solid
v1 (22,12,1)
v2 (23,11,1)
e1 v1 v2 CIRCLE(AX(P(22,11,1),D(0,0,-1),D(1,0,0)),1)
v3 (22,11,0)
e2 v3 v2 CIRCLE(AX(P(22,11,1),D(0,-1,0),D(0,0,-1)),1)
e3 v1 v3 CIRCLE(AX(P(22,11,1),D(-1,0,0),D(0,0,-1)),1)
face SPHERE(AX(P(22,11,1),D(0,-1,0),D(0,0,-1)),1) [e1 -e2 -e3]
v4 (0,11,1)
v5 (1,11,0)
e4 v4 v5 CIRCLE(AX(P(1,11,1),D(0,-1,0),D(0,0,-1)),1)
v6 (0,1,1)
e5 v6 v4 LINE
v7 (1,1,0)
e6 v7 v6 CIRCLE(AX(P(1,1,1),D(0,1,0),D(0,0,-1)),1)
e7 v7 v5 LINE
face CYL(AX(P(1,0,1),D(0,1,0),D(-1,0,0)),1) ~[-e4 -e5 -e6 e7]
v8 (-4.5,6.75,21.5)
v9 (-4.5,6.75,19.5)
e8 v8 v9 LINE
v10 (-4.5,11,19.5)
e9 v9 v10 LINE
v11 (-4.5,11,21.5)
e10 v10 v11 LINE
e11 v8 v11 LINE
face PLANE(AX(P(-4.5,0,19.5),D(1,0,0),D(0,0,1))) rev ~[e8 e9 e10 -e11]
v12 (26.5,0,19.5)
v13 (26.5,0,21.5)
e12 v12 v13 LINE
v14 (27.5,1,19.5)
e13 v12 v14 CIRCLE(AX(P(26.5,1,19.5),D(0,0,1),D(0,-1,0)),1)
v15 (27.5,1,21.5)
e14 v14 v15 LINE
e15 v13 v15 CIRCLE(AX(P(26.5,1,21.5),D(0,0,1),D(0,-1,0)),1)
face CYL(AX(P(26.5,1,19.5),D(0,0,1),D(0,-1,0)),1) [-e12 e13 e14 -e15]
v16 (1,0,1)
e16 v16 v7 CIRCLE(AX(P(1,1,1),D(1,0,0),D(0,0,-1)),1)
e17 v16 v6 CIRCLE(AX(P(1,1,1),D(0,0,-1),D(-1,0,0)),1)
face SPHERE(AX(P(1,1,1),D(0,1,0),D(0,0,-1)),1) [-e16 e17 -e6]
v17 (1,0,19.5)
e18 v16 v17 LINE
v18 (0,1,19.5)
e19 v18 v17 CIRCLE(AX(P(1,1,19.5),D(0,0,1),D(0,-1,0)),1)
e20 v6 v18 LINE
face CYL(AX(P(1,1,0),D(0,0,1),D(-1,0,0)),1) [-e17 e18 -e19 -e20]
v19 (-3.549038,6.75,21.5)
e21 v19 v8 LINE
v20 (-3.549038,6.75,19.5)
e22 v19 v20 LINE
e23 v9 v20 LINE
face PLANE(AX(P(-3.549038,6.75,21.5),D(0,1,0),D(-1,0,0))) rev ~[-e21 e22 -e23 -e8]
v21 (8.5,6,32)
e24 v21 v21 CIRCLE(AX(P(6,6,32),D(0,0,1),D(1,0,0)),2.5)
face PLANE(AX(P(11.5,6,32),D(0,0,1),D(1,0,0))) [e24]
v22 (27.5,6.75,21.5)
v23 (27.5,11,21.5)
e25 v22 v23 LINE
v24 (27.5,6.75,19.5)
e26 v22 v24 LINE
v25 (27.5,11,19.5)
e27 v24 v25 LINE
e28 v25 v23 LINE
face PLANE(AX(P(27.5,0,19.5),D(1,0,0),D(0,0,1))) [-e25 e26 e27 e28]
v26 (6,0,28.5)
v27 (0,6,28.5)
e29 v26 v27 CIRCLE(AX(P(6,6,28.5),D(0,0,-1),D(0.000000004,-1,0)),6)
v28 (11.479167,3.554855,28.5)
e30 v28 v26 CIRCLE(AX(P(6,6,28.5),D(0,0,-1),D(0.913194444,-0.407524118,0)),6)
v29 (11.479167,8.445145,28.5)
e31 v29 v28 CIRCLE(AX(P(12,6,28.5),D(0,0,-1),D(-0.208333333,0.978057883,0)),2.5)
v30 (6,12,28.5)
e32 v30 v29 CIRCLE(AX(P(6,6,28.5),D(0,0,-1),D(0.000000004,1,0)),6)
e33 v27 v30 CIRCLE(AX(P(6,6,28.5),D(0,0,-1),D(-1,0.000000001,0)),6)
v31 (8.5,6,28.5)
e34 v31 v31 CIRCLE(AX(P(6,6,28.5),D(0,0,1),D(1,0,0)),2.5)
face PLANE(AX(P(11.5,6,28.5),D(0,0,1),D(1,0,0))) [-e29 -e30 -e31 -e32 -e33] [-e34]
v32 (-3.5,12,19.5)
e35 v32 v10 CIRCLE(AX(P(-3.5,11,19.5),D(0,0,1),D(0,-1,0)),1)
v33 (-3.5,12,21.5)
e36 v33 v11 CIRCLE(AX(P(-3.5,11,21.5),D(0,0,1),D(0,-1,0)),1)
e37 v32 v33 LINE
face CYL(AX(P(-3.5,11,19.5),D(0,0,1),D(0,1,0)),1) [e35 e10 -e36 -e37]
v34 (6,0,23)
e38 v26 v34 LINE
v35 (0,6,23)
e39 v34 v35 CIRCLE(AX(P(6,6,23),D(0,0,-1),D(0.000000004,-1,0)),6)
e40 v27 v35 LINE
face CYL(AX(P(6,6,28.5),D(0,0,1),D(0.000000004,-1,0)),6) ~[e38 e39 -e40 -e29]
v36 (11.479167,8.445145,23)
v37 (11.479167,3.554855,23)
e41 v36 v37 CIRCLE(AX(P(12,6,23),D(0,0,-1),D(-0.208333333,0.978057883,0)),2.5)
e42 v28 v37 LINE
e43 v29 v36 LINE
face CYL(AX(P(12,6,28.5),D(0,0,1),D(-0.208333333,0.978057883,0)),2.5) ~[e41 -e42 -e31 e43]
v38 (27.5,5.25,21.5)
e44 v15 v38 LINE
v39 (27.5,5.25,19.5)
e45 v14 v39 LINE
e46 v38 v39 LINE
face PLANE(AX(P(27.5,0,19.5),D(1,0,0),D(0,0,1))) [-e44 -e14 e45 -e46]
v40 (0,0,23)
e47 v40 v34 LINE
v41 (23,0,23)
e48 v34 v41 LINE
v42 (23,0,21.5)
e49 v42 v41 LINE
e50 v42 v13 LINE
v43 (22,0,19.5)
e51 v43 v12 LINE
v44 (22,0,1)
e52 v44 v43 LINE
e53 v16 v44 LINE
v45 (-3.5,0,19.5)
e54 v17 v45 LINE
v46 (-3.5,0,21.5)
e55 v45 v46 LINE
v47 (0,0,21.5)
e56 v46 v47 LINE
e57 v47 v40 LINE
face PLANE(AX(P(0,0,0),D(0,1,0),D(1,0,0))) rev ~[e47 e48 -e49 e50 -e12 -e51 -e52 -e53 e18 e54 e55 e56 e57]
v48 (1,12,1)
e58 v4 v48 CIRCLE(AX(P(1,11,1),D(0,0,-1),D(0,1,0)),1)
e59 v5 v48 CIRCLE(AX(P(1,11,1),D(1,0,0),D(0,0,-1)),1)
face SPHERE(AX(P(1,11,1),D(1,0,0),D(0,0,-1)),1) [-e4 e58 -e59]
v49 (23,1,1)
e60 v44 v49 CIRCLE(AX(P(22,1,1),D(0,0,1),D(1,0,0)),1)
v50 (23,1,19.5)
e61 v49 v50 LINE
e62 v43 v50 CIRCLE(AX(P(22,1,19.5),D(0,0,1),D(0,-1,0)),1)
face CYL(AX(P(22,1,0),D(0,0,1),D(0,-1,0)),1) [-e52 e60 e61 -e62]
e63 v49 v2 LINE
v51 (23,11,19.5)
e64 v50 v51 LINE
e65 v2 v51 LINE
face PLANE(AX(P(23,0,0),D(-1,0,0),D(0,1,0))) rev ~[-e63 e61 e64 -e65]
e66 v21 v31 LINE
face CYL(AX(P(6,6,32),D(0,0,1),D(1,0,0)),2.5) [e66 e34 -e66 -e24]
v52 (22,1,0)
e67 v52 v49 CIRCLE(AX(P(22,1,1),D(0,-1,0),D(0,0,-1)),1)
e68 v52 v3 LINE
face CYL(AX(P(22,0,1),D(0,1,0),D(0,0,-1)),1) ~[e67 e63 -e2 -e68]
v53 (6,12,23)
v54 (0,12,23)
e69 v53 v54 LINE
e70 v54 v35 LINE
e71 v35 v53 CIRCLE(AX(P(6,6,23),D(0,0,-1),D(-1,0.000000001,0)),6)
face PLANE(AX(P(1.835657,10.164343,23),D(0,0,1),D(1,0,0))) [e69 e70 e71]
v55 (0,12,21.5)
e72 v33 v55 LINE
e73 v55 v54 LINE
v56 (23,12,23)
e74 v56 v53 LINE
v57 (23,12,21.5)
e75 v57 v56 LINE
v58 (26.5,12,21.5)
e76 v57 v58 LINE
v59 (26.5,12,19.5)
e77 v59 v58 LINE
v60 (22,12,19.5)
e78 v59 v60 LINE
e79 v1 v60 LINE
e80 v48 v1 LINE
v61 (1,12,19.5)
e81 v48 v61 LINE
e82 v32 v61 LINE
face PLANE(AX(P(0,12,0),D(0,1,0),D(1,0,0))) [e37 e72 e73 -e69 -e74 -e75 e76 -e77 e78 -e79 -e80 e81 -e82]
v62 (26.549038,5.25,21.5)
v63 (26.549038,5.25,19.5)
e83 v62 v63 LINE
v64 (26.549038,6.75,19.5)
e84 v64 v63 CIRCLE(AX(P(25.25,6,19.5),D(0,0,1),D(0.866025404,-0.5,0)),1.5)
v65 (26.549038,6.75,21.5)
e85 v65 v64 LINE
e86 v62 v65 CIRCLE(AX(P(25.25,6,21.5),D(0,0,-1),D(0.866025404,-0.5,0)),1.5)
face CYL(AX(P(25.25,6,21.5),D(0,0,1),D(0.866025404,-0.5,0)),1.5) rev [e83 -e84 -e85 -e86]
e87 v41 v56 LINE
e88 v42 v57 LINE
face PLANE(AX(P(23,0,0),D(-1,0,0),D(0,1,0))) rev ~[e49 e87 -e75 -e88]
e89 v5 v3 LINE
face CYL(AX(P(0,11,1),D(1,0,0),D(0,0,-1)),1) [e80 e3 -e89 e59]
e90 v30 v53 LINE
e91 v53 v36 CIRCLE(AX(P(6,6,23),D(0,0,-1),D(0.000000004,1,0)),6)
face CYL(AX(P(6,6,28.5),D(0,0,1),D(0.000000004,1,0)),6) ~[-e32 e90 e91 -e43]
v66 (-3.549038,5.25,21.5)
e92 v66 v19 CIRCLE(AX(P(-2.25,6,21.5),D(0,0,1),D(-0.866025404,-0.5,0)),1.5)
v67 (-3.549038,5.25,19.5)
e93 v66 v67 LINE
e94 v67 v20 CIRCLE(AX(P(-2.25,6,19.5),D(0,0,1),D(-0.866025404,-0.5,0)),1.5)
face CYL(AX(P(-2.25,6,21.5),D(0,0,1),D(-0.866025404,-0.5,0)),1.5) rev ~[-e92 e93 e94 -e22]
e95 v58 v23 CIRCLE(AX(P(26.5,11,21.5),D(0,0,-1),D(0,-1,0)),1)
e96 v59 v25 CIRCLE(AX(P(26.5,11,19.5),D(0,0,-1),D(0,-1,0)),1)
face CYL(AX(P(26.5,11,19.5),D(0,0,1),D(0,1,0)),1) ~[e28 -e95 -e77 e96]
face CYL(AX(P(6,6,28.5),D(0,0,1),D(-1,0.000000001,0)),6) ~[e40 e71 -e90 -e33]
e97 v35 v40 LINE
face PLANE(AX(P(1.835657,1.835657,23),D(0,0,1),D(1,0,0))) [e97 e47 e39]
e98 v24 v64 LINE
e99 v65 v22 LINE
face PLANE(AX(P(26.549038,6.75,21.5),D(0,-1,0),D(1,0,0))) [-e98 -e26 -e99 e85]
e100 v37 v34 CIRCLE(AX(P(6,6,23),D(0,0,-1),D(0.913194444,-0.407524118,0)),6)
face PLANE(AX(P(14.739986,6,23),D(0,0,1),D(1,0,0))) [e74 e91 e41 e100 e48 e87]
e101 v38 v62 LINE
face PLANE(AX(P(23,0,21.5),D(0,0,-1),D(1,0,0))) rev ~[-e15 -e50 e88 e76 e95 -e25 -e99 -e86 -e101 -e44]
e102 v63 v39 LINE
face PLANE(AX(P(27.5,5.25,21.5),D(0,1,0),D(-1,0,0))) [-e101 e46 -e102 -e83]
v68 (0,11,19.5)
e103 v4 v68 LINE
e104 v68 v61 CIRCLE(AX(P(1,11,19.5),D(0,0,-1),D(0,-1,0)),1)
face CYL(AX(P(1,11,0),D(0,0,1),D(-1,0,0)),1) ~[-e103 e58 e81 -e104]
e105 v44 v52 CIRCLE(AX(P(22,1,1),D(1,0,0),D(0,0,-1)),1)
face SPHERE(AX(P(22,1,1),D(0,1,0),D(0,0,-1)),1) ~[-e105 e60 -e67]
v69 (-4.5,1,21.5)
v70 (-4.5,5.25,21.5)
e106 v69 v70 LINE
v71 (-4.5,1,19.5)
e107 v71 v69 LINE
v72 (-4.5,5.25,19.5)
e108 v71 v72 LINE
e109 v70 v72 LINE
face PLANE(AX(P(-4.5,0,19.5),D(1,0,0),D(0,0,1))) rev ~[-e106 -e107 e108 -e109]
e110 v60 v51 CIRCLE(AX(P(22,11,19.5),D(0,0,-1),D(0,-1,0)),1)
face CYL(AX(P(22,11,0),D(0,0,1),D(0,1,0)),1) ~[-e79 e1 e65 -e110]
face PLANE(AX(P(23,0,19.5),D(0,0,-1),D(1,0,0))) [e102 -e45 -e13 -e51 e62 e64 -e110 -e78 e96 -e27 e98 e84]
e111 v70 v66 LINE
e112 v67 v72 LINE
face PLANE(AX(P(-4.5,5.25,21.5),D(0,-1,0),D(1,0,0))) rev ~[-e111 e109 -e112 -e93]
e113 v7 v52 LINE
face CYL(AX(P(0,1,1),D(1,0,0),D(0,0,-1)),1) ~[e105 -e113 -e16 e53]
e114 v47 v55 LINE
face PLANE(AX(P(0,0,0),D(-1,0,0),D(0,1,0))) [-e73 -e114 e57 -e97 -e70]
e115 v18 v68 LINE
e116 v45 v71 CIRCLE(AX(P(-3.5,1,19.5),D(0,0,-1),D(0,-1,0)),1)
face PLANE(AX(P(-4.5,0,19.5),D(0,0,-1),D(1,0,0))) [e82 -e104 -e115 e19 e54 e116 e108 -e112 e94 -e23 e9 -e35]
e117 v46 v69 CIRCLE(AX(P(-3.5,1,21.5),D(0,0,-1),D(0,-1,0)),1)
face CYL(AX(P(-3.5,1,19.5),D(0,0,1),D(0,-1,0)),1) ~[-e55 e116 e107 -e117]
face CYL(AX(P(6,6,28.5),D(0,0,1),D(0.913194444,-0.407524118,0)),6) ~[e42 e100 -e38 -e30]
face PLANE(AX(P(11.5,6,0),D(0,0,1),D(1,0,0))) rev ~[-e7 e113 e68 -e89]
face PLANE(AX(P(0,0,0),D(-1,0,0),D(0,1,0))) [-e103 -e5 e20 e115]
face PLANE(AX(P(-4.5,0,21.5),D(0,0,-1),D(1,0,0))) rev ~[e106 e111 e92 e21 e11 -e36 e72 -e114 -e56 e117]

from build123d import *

# Parameters (mm, degrees)
SKETCH1_W           = 23
SKETCH1_H           = 12
BOSS_EXTRUDE1_DEPTH = 32
SKETCH2_W           = 4.5
SKETCH2_H           = 2
BOSS_EXTRUDE2_DEPTH = 12
CUT_EXTRUDE1_DEPTH  = 37.912057651
SKETCH4_W           = 23
SKETCH4_H           = 12
SKETCH4_R           = 2.5
CUT_EXTRUDE2_DEPTH  = 3.5
CUT_EXTRUDE3_DEPTH  = 5.5
FILLET1_R           = 1


with BuildPart() as part:
    # Sketch1 → Boss-Extrude1 (new body)
    with BuildSketch(Plane.XY):
        with Locations((11.5, 6)):
            Rectangle(SKETCH1_W, SKETCH1_H)
    extrude(amount=BOSS_EXTRUDE1_DEPTH)

    # Sketch2 → Boss-Extrude2 (add)
    with BuildSketch(Plane.XZ):
        with Locations((-2.25, 20.5)):
            Rectangle(SKETCH2_W, SKETCH2_H)
        with Locations((25.25, 20.5)):
            Rectangle(SKETCH2_W, SKETCH2_H)
    extrude(amount=-BOSS_EXTRUDE2_DEPTH)

    # Sketch3 → Cut-Extrude1 (cut, through all)
    with BuildSketch(Plane.XY.offset(21.5)):
        with BuildLine():
            Line((-3.549038106, 6.75), (-4.5, 6.75))
            Line((-4.5, 6.75), (-4.5, 5.25))
            Line((-4.5, 5.25), (-3.549038106, 5.25))
            ThreePointArc((-3.549038106, 5.25), (-0.75, 6), (-3.549038106, 6.75))
        make_face()
        with BuildLine():
            Line((26.549038106, 6.75), (27.5, 6.75))
            Line((27.5, 6.75), (27.5, 5.25))
            Line((27.5, 5.25), (26.549038106, 5.25))
            ThreePointArc((26.549038106, 5.25), (23.75, 6), (26.549038106, 6.75))
        make_face()
    extrude(amount=-CUT_EXTRUDE1_DEPTH, mode=Mode.SUBTRACT)

    # Sketch4 → Cut-Extrude2 (cut)
    with BuildSketch(Plane.XY.offset(32)):
        with Locations((11.5, 6)):
            Rectangle(SKETCH4_W, SKETCH4_H)
        with Locations((6, 6)):
            Circle(SKETCH4_R, mode=Mode.SUBTRACT)
    extrude(amount=-CUT_EXTRUDE2_DEPTH, mode=Mode.SUBTRACT)

    # Sketch5 → Cut-Extrude3 (cut)
    with BuildSketch(Plane.XY.offset(28.5)):
        with BuildLine():
            ThreePointArc((11.479166667, 3.554855293), (9.2656647, 0.966568361), (6.000000021, 0))
            Line((6.000000021, 0), (23, 0))
            Line((23, 0), (23, 12))
            Line((23, 12), (6.000000023, 12))
            ThreePointArc((6.000000023, 12), (9.265664701, 11.033431639), (11.479166667, 8.445144707))
            ThreePointArc((11.479166667, 8.445144707), (14.5, 6), (11.479166667, 3.554855293))
        make_face()
        with BuildLine():
            Line((0, 12), (0, 6.000000008))
            ThreePointArc((0, 6.000000008), (1.757359324, 10.242640698), (6.000000023, 12))
            Line((6.000000023, 12), (0, 12))
        make_face()
        with BuildLine():
            Line((0, 6.000000008), (0, 0))
            Line((0, 0), (6.000000021, 0))
            ThreePointArc((6.000000021, 0), (1.757359317, 1.757359308), (0, 6.000000008))
        make_face()
    extrude(amount=-CUT_EXTRUDE3_DEPTH, mode=Mode.SUBTRACT)

    # Fillet1
    fillet1_edges = [part.edges().sort_by_distance(p)[0] for p in [
        (23, 6, 0),
        (11.5, 12, 0),
        (0, 6, 0),
        (11.5, 0, 0),
        (27.5, 0, 20.5),
        (27.5, 12, 20.5),
        (-4.5, 12, 20.5),
        (-4.5, 0, 20.5),
        (0, 0, 9.75),
        (23, 0, 9.75),
        (23, 12, 9.75),
        (0, 12, 9.75),
    ]]
    fillet(fillet1_edges, radius=FILLET1_R)


solid = part.part
